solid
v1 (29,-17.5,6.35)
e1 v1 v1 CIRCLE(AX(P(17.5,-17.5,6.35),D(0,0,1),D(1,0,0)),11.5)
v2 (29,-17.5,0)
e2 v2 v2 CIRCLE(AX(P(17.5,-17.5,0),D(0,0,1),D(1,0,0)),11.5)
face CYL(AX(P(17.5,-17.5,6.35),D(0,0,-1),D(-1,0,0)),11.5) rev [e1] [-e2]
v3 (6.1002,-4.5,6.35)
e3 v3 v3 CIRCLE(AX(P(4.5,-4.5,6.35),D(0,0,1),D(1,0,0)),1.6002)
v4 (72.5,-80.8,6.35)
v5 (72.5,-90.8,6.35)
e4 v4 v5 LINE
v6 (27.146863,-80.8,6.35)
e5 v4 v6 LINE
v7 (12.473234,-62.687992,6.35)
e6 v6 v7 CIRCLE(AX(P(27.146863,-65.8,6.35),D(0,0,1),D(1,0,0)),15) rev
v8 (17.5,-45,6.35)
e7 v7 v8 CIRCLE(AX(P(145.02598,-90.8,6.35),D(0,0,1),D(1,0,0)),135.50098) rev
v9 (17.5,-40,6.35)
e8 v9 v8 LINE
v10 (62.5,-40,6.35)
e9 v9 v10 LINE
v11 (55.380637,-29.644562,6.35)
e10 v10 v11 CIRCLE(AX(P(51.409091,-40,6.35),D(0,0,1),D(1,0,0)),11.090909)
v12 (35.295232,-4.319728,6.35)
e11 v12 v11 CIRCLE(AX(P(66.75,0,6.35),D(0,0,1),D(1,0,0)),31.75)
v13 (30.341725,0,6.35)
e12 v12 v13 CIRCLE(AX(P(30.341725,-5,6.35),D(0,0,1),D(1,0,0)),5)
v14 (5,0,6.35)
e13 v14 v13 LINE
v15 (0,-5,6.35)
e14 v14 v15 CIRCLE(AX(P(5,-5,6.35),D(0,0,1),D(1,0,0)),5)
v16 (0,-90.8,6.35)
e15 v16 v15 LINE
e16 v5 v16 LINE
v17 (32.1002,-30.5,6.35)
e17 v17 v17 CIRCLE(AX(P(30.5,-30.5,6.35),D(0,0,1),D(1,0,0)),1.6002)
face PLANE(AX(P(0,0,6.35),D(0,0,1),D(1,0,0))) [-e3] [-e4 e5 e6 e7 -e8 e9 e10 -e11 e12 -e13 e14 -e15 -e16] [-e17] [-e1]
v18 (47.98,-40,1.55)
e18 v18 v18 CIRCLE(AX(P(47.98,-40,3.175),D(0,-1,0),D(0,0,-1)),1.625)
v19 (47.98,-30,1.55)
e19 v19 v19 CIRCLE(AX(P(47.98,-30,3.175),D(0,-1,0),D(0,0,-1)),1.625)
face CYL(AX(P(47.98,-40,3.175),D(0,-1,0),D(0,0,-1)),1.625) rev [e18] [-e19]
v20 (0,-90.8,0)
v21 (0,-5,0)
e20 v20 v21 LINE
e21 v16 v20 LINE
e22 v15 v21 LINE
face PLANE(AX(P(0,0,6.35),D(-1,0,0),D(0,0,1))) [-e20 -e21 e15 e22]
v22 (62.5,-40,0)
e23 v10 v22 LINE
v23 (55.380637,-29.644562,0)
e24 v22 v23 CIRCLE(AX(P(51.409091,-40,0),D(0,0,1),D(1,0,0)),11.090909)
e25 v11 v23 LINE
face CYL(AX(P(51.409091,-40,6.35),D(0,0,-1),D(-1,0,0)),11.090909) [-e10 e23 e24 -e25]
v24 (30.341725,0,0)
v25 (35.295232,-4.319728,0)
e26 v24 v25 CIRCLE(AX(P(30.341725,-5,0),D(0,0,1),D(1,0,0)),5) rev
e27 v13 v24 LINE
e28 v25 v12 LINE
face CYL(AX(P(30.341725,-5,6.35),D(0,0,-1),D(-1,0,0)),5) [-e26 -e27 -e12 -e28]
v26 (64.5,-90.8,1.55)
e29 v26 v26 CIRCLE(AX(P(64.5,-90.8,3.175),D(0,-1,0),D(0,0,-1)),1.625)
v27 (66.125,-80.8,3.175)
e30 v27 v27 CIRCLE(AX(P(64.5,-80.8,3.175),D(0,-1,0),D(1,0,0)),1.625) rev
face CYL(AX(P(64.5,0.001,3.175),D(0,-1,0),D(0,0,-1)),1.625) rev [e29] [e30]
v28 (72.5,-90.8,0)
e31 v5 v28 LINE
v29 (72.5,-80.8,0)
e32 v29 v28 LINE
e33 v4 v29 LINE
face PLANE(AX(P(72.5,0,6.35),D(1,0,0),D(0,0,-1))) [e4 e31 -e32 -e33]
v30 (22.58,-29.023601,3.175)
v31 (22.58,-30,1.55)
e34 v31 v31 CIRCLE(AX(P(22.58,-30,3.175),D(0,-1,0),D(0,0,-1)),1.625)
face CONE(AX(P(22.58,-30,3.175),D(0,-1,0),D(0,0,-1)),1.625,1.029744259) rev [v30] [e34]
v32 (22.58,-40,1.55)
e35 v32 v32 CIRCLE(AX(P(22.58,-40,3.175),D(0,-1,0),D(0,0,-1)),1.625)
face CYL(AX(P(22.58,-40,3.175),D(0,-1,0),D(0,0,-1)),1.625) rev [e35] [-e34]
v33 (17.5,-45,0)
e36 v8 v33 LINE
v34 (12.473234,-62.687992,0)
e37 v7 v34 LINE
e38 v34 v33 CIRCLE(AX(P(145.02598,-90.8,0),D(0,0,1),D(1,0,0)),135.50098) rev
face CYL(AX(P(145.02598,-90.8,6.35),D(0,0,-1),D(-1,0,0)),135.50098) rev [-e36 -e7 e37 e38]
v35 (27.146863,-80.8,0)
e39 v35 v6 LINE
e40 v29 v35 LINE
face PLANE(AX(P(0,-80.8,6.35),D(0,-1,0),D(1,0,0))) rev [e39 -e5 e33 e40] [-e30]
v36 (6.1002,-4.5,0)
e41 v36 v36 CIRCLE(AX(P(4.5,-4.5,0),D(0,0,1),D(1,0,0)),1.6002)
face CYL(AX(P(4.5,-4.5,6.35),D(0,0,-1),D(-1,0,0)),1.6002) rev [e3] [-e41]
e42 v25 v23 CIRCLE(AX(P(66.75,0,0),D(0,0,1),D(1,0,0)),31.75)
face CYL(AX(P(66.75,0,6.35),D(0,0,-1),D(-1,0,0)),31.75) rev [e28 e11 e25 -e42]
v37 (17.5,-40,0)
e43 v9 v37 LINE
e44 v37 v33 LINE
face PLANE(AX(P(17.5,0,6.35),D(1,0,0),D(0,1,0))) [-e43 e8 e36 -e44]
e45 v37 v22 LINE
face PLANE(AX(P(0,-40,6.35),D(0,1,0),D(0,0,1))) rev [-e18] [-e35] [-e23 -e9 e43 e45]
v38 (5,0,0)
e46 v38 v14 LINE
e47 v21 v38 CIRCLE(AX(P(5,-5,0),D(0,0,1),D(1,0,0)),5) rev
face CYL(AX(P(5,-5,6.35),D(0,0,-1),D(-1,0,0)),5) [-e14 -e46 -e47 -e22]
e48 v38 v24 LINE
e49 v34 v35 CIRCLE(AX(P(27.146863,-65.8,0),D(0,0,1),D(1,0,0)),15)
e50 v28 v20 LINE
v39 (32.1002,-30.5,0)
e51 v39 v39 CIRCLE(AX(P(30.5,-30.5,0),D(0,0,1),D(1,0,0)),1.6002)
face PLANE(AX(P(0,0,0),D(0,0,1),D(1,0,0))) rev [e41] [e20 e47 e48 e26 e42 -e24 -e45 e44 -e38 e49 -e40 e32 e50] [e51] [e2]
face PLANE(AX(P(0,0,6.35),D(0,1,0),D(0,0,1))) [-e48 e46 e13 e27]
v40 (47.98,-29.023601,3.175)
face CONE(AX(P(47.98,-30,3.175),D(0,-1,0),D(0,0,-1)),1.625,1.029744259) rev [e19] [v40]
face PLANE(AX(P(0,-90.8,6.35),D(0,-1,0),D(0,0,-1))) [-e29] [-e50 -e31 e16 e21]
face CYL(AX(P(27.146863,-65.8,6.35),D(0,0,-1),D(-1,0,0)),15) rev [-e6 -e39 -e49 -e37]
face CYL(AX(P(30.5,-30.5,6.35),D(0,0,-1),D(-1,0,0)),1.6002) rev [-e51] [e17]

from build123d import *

# Parameters (mm, degrees)
SKETCH1_R                 = 1.6002
SKETCH1_R_2               = 11.5
BOSS_EXTRUDE1_DEPTH       = 6.35
F_6_32_TAPPED_HOLE1_D     = 3.25
F_6_32_TAPPED_HOLE1_DEPTH = 10
F_6_32_TAPPED_HOLE1_TIP   = 0.976398506
REDONDEO1_R               = 15
SKETCH1_4_W               = 10
SKETCH1_4_H               = 10
SALIENTE_EXTRUIR1_DEPTH   = 6.35
CORTAR_EXTRUIR1_REACH     = 118.367
REDONDEO2_R               = 5


with BuildPart() as part:
    # Sketch1 → Boss-Extrude1 (new body)
    with BuildSketch(Plane.XY):
        with BuildLine():
            Line((17.5, -40), (62.5, -40))
            ThreePointArc((62.5, -40), (60.548464977, -33.716680328), (55.380636605, -29.644562334))
            ThreePointArc((55.380636605, -29.644562334), (40.586668907, -17.987290127), (35, 0))
            Line((35, 0), (0, 0))
            Line((0, 0), (0, -40))
            Line((0, -40), (0, -90.8))
            Line((0, -90.8), (9.525, -90.8))
            Line((9.525, -90.8), (62.5, -90.8))
            Line((62.5, -90.8), (62.5, -80.8))
            Line((62.5, -80.8), (9.894504833, -80.8))
            ThreePointArc((9.894504833, -80.8), (12.482988146, -62.642036842), (17.5, -45))
            Line((17.5, -45), (17.5, -40))
        make_face()
        with Locations((4.5, -4.5)):
            Circle(SKETCH1_R, mode=Mode.SUBTRACT)
        with Locations((17.5, -17.5)):
            Circle(SKETCH1_R_2, mode=Mode.SUBTRACT)
        with Locations((30.5, -30.5)):
            Circle(SKETCH1_R, mode=Mode.SUBTRACT)
    extrude(amount=BOSS_EXTRUDE1_DEPTH)

    # #6-32 Tapped Hole1
    with Locations(Plane(origin=(0, -40, 0), x_dir=(-1, 0, 0), z_dir=(0, -1, 0))):
        with Locations((-22.58, -3.175), (-47.98, -3.175)):
            Hole(F_6_32_TAPPED_HOLE1_D / 2, depth=F_6_32_TAPPED_HOLE1_DEPTH)
            with Locations((0, 0, -(F_6_32_TAPPED_HOLE1_DEPTH + F_6_32_TAPPED_HOLE1_TIP / 2))):  # 118° drill point
                Cone(0, F_6_32_TAPPED_HOLE1_D / 2, F_6_32_TAPPED_HOLE1_TIP, mode=Mode.SUBTRACT)

    # Redondeo1
    redondeo1_edges = [part.edges().sort_by_distance(p)[0] for p in [
        (9.894504833, -80.8, 3.175),
    ]]
    fillet(redondeo1_edges, radius=REDONDEO1_R)

    # Sketch1<4> → Saliente-Extruir1 (add)
    with BuildSketch(Plane.XY):
        with Locations((67.5, -85.8)):
            Rectangle(SKETCH1_4_W, SKETCH1_4_H)
    extrude(amount=SALIENTE_EXTRUIR1_DEPTH)

    # Croquis1 → Cortar-Extruir1 (cut, up to next)
    with BuildSketch(Plane.XZ.offset(90.8), mode=Mode.PRIVATE) as cortar_extruir1_sk1:
        with BuildLine():
            ThreePointArc((62.875, 3.175), (64.5, 1.55), (66.125, 3.175))
            Line((66.125, 3.175), (62.875, 3.175))
        make_face()
    cortar_extruir1_tool1 = extrude(cortar_extruir1_sk1.sketch, amount=-CORTAR_EXTRUIR1_REACH, mode=Mode.PRIVATE) & part.part
    # Croquis1 → Cortar-Extruir1 (cut, up to next)
    with BuildSketch(Plane.XZ.offset(90.8), mode=Mode.PRIVATE) as cortar_extruir1_sk2:
        with BuildLine():
            Line((62.875, 3.175), (66.125, 3.175))
            ThreePointArc((66.125, 3.175), (64.5, 4.8), (62.875, 3.175))
        make_face()
    cortar_extruir1_tool2 = extrude(cortar_extruir1_sk2.sketch, amount=-CORTAR_EXTRUIR1_REACH, mode=Mode.PRIVATE) & part.part
    # Croquis1 → Cortar-Extruir1 (cut, up to next)
    with BuildSketch(Plane.XZ.offset(90.8), mode=Mode.PRIVATE) as cortar_extruir1_sk3:
        with BuildLine():
            ThreePointArc((62.875, 3.175), (64.5, 1.55), (66.125, 3.175))
            Line((66.125, 3.175), (62.875, 3.175))
        make_face()
    cortar_extruir1_tool3 = extrude(cortar_extruir1_sk3.sketch, amount=-CORTAR_EXTRUIR1_REACH, mode=Mode.PRIVATE) & part.part
    # Croquis1 → Cortar-Extruir1 (cut, up to next)
    with BuildSketch(Plane.XZ.offset(90.8), mode=Mode.PRIVATE) as cortar_extruir1_sk4:
        with BuildLine():
            Line((62.875, 3.175), (66.125, 3.175))
            ThreePointArc((66.125, 3.175), (64.5, 4.8), (62.875, 3.175))
        make_face()
    cortar_extruir1_tool4 = extrude(cortar_extruir1_sk4.sketch, amount=-CORTAR_EXTRUIR1_REACH, mode=Mode.PRIVATE) & part.part
    add(cortar_extruir1_tool1.solids().sort_by_distance((64.5, -90.8, 2.485329))[0], mode=Mode.SUBTRACT)
    add(cortar_extruir1_tool2.solids().sort_by_distance((64.5, -90.8, 3.864671))[0], mode=Mode.SUBTRACT)
    add(cortar_extruir1_tool3.solids().sort_by_distance((64.5, -90.8, 2.485329))[0], mode=Mode.SUBTRACT)
    add(cortar_extruir1_tool4.solids().sort_by_distance((64.5, -90.8, 3.864671))[0], mode=Mode.SUBTRACT)

    # Redondeo2
    redondeo2_edges = [part.edges().sort_by_distance(p)[0] for p in [
        (0, 0, 3.175),
        (35, 0, 3.175),
    ]]
    fillet(redondeo2_edges, radius=REDONDEO2_R)


solid = part.part
